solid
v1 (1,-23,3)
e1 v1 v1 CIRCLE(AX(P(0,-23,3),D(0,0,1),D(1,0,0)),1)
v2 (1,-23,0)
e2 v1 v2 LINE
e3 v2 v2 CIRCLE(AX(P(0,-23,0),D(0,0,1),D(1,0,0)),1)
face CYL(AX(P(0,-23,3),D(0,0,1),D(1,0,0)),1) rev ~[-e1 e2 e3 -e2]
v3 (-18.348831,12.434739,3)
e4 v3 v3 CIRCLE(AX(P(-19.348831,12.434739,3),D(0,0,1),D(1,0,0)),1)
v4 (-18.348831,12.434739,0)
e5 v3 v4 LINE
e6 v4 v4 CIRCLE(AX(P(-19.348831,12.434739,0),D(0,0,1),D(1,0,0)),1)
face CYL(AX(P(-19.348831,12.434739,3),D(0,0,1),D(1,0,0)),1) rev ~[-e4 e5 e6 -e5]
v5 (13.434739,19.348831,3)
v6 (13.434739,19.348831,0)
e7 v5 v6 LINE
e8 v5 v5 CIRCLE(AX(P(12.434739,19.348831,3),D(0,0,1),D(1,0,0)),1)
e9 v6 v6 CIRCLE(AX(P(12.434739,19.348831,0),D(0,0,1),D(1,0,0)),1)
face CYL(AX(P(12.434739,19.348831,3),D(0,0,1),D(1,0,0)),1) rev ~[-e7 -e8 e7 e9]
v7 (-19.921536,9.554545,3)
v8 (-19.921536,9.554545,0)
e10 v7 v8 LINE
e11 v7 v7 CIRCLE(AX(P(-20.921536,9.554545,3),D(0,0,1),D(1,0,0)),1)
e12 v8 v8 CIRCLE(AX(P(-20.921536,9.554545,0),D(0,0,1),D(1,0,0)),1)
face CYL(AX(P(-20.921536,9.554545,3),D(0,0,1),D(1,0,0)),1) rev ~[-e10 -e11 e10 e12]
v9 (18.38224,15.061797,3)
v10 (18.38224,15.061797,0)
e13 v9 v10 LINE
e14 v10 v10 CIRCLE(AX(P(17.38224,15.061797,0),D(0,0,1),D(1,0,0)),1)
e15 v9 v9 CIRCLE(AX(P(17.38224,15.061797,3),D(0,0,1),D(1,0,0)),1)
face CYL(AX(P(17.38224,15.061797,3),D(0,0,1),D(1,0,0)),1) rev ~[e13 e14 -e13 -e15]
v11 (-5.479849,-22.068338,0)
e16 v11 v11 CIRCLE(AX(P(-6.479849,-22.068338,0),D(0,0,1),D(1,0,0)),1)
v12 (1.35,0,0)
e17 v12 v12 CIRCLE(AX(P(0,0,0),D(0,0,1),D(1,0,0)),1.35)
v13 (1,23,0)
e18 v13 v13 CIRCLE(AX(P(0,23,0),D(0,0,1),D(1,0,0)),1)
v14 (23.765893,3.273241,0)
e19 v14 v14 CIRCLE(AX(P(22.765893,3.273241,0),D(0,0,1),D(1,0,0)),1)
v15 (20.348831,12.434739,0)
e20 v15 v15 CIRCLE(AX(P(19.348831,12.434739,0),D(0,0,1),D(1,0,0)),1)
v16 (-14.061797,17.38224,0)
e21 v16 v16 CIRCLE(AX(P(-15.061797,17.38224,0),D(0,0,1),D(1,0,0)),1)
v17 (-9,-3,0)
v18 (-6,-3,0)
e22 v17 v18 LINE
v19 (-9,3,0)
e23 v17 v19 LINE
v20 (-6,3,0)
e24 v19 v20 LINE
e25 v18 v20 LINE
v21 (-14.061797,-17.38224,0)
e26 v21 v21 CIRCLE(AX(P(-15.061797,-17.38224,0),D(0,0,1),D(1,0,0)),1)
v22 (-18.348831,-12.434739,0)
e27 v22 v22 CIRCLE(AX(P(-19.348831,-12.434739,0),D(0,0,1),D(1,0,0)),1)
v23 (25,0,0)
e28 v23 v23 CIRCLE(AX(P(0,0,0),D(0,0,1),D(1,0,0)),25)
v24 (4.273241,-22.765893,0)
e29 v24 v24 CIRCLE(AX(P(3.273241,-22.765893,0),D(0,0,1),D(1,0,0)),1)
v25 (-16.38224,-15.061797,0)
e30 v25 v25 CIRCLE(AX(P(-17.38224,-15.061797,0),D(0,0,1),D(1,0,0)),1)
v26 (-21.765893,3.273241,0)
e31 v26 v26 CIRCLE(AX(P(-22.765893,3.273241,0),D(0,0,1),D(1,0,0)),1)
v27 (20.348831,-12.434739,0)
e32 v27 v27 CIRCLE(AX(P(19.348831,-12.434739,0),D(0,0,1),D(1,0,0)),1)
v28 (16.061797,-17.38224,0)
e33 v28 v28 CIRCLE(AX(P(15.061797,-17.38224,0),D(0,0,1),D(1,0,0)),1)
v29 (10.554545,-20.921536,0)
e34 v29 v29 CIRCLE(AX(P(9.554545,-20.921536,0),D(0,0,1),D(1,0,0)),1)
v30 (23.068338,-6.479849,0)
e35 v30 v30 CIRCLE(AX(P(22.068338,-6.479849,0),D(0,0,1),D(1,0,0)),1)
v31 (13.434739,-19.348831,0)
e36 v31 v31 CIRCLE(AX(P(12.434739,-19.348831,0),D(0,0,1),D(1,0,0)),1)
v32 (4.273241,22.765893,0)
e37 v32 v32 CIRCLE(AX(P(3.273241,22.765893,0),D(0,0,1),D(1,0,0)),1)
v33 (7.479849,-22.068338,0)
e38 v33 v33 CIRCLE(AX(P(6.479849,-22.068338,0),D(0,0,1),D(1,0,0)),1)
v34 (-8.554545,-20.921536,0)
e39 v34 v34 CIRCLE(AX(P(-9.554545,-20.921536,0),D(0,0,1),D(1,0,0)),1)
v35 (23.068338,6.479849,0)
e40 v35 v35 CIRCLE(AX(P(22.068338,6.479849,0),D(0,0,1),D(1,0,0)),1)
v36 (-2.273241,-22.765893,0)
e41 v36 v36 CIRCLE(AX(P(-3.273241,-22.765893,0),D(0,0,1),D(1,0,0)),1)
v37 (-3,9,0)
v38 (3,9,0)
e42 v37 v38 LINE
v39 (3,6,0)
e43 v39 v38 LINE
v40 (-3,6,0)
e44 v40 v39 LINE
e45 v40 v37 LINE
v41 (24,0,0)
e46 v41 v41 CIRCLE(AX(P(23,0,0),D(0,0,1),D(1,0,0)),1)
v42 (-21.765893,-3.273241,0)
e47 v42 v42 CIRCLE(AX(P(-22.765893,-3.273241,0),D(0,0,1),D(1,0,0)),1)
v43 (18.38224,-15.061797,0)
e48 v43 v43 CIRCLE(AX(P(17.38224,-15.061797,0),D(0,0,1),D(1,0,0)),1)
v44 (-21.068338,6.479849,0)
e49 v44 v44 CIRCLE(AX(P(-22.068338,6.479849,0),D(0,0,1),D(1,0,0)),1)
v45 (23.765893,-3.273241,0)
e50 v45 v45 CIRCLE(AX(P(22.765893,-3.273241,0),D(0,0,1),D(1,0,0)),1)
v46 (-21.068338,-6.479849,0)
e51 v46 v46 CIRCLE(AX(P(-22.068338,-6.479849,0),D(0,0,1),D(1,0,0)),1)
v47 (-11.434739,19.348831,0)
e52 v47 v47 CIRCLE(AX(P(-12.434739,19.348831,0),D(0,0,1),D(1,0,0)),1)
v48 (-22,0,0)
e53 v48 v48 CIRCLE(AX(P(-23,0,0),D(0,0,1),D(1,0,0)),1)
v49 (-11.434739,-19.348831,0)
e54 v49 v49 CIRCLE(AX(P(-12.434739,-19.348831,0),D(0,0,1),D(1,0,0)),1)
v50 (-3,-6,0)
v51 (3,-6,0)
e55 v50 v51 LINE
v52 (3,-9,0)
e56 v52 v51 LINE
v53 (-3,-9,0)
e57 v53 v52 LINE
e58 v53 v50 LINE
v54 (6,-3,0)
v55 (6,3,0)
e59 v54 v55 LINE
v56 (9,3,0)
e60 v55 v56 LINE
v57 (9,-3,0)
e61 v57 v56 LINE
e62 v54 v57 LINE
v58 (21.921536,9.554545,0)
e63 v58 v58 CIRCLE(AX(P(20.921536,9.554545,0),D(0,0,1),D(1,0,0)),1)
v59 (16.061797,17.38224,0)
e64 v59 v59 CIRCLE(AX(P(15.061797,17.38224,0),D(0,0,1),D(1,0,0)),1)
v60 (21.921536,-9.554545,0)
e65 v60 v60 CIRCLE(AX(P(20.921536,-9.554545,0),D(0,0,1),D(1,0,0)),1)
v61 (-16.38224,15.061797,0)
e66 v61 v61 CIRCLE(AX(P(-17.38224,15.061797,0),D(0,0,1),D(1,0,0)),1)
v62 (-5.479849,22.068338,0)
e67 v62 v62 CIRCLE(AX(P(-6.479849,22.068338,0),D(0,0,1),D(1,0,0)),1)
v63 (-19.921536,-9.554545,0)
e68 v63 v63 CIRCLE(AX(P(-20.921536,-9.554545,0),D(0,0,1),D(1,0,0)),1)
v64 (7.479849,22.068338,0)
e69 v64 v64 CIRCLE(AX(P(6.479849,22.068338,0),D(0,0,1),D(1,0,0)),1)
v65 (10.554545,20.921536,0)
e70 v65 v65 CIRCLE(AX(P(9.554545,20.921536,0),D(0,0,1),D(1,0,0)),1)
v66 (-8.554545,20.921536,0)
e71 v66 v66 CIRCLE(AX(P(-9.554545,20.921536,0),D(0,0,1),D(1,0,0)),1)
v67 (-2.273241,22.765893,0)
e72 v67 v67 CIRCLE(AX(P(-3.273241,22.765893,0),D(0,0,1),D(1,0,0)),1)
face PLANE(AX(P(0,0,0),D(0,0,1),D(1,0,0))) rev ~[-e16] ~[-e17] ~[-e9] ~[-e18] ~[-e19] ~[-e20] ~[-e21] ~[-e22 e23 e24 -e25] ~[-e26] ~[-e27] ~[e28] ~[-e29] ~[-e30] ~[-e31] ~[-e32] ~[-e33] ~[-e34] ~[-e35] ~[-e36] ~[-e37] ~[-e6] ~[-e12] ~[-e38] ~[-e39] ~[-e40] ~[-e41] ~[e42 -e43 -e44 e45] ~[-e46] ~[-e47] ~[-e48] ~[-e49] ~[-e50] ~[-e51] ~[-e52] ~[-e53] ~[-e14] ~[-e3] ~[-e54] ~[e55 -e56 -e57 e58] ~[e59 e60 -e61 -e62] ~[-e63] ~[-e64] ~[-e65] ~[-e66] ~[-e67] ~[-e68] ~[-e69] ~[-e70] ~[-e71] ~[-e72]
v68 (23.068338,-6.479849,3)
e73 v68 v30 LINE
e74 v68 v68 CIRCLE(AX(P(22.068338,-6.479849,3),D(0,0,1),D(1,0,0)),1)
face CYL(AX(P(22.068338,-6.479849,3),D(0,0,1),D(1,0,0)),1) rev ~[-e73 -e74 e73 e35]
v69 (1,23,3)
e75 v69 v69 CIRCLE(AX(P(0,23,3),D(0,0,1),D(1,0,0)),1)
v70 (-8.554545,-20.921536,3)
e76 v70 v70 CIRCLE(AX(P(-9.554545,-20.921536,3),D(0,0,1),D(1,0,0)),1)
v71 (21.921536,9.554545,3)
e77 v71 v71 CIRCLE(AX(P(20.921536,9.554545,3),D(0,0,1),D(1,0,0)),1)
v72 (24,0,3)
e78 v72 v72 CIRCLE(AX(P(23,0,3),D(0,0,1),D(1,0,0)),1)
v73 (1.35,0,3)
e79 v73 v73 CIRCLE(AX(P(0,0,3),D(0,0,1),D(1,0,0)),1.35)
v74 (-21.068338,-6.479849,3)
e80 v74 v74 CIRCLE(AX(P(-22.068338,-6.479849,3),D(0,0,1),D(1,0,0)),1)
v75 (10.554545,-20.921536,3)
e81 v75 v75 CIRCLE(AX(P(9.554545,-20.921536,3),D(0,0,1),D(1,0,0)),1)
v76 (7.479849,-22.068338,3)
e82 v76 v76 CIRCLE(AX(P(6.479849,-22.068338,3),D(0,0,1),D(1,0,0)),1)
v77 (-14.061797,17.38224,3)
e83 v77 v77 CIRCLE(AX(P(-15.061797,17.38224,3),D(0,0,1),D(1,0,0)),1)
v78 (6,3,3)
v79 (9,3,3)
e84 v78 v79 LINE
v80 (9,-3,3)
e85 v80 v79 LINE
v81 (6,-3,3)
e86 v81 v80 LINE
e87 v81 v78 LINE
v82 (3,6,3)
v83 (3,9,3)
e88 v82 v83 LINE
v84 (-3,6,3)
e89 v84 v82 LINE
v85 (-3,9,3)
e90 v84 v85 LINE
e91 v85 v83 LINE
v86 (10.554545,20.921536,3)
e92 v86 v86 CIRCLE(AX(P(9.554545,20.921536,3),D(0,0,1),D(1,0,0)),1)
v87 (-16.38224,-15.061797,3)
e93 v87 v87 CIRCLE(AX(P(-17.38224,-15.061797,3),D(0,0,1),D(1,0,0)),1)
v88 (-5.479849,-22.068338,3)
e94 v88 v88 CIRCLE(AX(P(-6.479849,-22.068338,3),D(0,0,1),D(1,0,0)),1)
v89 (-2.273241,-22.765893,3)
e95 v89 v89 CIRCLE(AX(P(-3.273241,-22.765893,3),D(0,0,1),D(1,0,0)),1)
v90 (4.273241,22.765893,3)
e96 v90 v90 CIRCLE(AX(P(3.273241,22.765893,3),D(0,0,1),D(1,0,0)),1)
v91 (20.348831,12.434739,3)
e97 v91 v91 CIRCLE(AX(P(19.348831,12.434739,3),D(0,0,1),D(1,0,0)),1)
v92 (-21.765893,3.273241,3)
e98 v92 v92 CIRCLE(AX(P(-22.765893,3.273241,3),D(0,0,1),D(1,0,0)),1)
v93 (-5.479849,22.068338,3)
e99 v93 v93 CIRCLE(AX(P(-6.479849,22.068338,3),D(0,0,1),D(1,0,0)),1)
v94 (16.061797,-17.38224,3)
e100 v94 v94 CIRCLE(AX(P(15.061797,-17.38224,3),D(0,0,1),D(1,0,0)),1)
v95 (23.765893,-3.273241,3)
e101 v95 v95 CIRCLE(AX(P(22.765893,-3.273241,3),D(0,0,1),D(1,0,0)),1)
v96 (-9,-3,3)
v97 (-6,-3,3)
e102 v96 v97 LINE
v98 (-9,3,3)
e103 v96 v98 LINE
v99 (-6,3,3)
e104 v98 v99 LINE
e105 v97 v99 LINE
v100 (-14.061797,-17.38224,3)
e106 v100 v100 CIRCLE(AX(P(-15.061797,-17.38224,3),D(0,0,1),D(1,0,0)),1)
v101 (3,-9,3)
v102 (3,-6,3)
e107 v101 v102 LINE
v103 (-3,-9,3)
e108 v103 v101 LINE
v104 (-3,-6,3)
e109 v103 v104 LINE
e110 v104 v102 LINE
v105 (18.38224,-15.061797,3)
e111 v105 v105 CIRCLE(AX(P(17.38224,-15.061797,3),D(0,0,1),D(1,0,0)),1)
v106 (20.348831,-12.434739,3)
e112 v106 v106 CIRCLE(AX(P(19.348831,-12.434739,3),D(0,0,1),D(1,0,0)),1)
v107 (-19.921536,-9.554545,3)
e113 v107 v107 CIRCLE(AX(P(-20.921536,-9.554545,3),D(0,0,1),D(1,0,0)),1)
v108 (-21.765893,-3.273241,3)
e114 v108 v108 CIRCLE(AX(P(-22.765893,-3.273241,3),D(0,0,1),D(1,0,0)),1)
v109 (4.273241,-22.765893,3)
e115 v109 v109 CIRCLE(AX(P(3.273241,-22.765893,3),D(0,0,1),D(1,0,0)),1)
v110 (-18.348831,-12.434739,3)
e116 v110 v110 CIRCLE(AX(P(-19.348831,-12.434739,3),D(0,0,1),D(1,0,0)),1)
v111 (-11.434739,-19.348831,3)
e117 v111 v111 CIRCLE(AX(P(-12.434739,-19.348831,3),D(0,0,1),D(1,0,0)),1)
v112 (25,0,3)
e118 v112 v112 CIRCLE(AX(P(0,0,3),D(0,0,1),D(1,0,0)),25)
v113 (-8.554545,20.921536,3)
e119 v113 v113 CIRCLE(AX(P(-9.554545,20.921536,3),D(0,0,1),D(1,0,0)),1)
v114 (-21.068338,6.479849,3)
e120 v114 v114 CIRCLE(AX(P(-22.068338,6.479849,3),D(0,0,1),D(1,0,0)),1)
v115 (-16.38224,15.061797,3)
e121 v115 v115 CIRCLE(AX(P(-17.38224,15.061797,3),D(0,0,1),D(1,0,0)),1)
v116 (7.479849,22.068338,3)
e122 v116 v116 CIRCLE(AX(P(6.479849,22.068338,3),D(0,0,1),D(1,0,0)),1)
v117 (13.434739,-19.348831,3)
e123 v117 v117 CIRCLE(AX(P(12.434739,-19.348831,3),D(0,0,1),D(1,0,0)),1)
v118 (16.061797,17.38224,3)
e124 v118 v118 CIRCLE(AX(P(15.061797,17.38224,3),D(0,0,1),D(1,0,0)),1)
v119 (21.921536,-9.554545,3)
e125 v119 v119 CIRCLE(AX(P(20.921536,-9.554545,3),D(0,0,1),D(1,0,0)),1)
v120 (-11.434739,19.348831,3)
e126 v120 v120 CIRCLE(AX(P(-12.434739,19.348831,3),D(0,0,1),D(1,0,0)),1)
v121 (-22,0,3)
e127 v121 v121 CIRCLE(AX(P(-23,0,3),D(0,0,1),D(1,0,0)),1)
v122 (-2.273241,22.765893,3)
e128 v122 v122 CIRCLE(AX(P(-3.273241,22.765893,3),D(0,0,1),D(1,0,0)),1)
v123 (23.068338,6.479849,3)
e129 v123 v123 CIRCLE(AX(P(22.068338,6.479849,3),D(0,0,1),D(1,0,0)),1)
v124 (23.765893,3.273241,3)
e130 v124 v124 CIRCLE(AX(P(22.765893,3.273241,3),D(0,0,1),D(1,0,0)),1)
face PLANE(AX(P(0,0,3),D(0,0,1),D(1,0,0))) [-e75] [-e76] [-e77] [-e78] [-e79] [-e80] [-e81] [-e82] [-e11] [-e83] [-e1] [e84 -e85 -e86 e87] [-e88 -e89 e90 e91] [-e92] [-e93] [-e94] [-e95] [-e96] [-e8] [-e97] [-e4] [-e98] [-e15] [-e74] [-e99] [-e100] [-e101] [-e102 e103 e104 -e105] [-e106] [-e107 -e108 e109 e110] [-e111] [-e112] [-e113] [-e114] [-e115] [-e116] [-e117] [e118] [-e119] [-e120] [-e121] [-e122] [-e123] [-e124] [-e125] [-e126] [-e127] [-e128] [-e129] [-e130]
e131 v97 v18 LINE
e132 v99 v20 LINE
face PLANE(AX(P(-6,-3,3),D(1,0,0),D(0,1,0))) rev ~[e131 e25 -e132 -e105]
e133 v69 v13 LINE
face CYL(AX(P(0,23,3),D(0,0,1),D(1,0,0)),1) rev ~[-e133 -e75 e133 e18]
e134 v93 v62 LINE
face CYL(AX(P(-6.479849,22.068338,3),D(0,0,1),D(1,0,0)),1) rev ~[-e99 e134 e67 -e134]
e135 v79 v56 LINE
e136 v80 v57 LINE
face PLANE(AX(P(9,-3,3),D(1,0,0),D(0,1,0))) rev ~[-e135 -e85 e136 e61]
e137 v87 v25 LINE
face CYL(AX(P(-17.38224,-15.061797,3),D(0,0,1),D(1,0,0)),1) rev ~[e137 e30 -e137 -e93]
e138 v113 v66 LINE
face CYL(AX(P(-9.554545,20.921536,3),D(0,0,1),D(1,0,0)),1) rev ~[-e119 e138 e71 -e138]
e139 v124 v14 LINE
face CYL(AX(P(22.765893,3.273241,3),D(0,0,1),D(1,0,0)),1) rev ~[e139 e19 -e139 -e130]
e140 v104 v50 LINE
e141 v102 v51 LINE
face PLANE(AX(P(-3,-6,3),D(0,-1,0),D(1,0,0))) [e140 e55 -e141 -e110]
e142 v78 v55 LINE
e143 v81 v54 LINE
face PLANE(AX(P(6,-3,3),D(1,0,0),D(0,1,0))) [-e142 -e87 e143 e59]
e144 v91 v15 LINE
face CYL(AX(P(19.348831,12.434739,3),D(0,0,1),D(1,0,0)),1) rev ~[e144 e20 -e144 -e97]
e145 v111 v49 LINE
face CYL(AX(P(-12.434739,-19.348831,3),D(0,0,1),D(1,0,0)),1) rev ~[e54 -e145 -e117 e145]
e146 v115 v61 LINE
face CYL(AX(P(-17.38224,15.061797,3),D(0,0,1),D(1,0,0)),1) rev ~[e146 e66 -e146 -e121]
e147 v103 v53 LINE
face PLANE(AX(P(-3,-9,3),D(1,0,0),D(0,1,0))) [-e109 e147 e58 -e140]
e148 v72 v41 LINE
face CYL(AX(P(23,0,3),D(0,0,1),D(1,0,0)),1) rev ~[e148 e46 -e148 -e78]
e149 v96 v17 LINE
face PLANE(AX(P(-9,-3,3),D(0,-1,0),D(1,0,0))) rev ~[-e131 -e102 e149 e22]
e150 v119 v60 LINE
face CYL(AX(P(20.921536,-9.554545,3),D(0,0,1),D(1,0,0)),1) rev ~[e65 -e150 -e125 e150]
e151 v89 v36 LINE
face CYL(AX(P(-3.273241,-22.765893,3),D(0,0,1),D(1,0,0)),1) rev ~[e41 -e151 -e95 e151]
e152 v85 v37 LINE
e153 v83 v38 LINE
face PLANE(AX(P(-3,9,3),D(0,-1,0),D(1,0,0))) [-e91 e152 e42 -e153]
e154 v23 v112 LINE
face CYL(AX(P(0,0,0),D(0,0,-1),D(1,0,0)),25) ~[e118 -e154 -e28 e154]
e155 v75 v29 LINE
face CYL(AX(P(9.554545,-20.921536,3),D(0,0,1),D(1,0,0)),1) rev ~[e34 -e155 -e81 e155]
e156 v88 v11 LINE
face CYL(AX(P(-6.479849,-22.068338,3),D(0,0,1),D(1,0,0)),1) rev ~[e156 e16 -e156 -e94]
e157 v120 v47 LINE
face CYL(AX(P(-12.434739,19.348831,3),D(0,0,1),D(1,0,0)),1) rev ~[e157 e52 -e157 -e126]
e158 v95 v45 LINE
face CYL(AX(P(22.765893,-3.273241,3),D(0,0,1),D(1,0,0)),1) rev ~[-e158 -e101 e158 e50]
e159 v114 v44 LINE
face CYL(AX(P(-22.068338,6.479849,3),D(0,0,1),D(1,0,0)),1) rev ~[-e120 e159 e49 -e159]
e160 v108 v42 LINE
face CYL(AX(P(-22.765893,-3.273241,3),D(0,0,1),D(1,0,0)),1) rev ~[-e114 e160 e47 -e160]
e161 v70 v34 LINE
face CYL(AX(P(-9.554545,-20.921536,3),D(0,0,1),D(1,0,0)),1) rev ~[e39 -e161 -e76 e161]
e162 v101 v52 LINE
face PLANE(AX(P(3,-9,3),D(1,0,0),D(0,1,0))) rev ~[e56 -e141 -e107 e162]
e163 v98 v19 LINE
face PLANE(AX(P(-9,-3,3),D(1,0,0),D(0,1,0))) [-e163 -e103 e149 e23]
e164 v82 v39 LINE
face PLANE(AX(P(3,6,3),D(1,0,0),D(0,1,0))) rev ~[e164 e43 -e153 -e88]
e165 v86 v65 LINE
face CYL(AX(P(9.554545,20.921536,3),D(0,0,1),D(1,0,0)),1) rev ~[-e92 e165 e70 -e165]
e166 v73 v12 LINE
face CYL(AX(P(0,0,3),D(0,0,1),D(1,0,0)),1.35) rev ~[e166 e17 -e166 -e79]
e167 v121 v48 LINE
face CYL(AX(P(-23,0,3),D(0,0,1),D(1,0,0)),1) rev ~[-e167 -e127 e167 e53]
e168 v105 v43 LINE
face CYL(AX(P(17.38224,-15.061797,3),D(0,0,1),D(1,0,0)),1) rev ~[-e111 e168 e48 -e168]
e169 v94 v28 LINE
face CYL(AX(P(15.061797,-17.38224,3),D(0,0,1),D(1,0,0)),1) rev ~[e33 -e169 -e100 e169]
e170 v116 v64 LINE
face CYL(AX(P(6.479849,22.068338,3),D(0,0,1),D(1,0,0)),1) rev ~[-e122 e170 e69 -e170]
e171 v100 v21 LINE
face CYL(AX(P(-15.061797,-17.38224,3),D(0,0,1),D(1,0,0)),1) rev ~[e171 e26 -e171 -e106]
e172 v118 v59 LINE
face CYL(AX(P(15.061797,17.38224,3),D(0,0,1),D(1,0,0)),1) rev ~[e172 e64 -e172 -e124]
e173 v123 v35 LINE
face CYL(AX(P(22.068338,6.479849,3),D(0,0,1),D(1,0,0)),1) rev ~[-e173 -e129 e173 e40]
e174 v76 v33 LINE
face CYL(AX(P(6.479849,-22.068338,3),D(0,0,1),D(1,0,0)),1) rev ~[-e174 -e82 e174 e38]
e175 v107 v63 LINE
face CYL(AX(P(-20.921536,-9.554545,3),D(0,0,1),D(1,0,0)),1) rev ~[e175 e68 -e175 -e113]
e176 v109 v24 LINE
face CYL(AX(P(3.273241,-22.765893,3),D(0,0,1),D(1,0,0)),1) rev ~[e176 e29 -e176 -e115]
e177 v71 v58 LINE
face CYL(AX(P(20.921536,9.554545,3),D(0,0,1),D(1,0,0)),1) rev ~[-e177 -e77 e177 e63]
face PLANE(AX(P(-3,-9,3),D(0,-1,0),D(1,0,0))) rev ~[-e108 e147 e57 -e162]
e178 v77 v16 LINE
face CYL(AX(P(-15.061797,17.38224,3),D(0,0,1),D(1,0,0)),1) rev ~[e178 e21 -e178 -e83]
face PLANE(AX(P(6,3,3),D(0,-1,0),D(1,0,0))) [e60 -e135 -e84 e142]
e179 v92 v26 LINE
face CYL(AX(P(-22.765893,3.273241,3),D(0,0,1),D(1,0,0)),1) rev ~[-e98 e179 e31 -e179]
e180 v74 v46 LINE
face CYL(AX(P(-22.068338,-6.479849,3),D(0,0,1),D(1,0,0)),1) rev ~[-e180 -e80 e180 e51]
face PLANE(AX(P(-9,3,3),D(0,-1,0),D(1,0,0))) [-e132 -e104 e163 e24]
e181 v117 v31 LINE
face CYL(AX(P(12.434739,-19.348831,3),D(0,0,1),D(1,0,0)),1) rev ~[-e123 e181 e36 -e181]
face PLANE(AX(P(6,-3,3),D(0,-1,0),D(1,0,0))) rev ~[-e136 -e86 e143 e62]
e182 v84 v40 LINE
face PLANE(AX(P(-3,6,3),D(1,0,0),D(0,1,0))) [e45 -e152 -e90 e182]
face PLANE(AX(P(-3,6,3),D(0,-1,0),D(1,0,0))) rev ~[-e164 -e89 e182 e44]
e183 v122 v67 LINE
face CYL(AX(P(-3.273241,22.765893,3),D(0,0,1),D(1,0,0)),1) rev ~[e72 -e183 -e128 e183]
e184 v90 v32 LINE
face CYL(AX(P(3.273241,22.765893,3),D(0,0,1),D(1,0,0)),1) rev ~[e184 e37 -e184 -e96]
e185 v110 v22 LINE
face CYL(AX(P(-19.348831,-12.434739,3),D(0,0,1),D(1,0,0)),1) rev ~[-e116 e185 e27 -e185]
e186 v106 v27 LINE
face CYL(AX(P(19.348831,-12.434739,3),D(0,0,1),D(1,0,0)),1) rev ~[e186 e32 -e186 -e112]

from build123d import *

# Parameters (mm, degrees)
SKETCH1_R           = 25
BOSS_EXTRUDE1_DEPTH = 3
SKETCH6_R           = 1
CUT_EXTRUDE3_DEPTH  = 3
SKETCH7_R           = 1.35
CUT_EXTRUDE4_DEPTH  = 3
SKETCH10_W          = 6
SKETCH10_H          = 3
SKETCH10_W_2        = 3
SKETCH10_H_2        = 6
CUT_EXTRUDE5_DEPTH  = 3


with BuildPart() as part:
    # Sketch1 → Boss-Extrude1 (new body)
    with BuildSketch(Plane.XY):
        Circle(SKETCH1_R)
    extrude(amount=BOSS_EXTRUDE1_DEPTH)

    # Sketch6 → Cut-Extrude3 (cut)
    with BuildSketch(Plane.XY.offset(3)):
        with Locations((0, 23)):
            Circle(SKETCH6_R)
        with Locations((3.27324128, 22.765893163)):
            Circle(SKETCH6_R)
        with Locations((6.479848807, 22.068338393)):
            Circle(SKETCH6_R)
        with Locations((9.554545299, 20.921535893)):
            Circle(SKETCH6_R)
        with Locations((12.434738801, 19.348831255)):
            Circle(SKETCH6_R)
        with Locations((15.061796881, 17.38224021)):
            Circle(SKETCH6_R)
        with Locations((17.38224021, 15.061796881)):
            Circle(SKETCH6_R)
        with Locations((19.348831255, 12.434738801)):
            Circle(SKETCH6_R)
        with Locations((20.921535893, 9.554545299)):
            Circle(SKETCH6_R)
        with Locations((22.068338393, 6.479848807)):
            Circle(SKETCH6_R)
        with Locations((22.765893163, 3.27324128)):
            Circle(SKETCH6_R)
        with Locations((23, 0)):
            Circle(SKETCH6_R)
        with Locations((22.765893163, -3.27324128)):
            Circle(SKETCH6_R)
        with Locations((22.068338393, -6.479848807)):
            Circle(SKETCH6_R)
        with Locations((20.921535893, -9.554545299)):
            Circle(SKETCH6_R)
        with Locations((19.348831255, -12.434738801)):
            Circle(SKETCH6_R)
        with Locations((17.38224021, -15.061796881)):
            Circle(SKETCH6_R)
        with Locations((15.061796881, -17.38224021)):
            Circle(SKETCH6_R)
        with Locations((12.434738801, -19.348831255)):
            Circle(SKETCH6_R)
        with Locations((9.554545299, -20.921535893)):
            Circle(SKETCH6_R)
        with Locations((6.479848807, -22.068338393)):
            Circle(SKETCH6_R)
        with Locations((3.27324128, -22.765893163)):
            Circle(SKETCH6_R)
        with Locations((0, -23)):
            Circle(SKETCH6_R)
        with Locations((-3.27324128, -22.765893163)):
            Circle(SKETCH6_R)
        with Locations((-6.479848807, -22.068338393)):
            Circle(SKETCH6_R)
        with Locations((-9.554545299, -20.921535893)):
            Circle(SKETCH6_R)
        with Locations((-12.434738801, -19.348831255)):
            Circle(SKETCH6_R)
        with Locations((-15.061796881, -17.38224021)):
            Circle(SKETCH6_R)
        with Locations((-17.38224021, -15.061796881)):
            Circle(SKETCH6_R)
        with Locations((-19.348831255, -12.434738801)):
            Circle(SKETCH6_R)
        with Locations((-20.921535893, -9.554545299)):
            Circle(SKETCH6_R)
        with Locations((-22.068338393, -6.479848807)):
            Circle(SKETCH6_R)
        with Locations((-22.765893163, -3.27324128)):
            Circle(SKETCH6_R)
        with Locations((-23, 0)):
            Circle(SKETCH6_R)
        with Locations((-22.765893163, 3.27324128)):
            Circle(SKETCH6_R)
        with Locations((-22.068338393, 6.479848807)):
            Circle(SKETCH6_R)
        with Locations((-20.921535893, 9.554545299)):
            Circle(SKETCH6_R)
        with Locations((-19.348831255, 12.434738801)):
            Circle(SKETCH6_R)
        with Locations((-17.38224021, 15.061796881)):
            Circle(SKETCH6_R)
        with Locations((-15.061796881, 17.38224021)):
            Circle(SKETCH6_R)
        with Locations((-12.434738801, 19.348831255)):
            Circle(SKETCH6_R)
        with Locations((-9.554545299, 20.921535893)):
            Circle(SKETCH6_R)
        with Locations((-6.479848807, 22.068338393)):
            Circle(SKETCH6_R)
        with Locations((-3.27324128, 22.765893163)):
            Circle(SKETCH6_R)
    extrude(amount=-CUT_EXTRUDE3_DEPTH, mode=Mode.SUBTRACT)

    # Sketch7 → Cut-Extrude4 (cut)
    with BuildSketch(Plane.XY.offset(3)):
        Circle(SKETCH7_R)
    extrude(amount=-CUT_EXTRUDE4_DEPTH, mode=Mode.SUBTRACT)

    # Sketch10 → Cut-Extrude5 (cut)
    with BuildSketch(Plane.XY.offset(3)):
        with Locations((0, 7.5)):
            Rectangle(SKETCH10_W, SKETCH10_H)
        with Locations((7.5, 0)):
            Rectangle(SKETCH10_W_2, SKETCH10_H_2)
        with Locations((0, -7.5)):
            Rectangle(SKETCH10_W, SKETCH10_H)
        with Locations((-7.5, 0)):
            Rectangle(SKETCH10_W_2, SKETCH10_H_2)
    extrude(amount=-CUT_EXTRUDE5_DEPTH, mode=Mode.SUBTRACT)


solid = part.part
